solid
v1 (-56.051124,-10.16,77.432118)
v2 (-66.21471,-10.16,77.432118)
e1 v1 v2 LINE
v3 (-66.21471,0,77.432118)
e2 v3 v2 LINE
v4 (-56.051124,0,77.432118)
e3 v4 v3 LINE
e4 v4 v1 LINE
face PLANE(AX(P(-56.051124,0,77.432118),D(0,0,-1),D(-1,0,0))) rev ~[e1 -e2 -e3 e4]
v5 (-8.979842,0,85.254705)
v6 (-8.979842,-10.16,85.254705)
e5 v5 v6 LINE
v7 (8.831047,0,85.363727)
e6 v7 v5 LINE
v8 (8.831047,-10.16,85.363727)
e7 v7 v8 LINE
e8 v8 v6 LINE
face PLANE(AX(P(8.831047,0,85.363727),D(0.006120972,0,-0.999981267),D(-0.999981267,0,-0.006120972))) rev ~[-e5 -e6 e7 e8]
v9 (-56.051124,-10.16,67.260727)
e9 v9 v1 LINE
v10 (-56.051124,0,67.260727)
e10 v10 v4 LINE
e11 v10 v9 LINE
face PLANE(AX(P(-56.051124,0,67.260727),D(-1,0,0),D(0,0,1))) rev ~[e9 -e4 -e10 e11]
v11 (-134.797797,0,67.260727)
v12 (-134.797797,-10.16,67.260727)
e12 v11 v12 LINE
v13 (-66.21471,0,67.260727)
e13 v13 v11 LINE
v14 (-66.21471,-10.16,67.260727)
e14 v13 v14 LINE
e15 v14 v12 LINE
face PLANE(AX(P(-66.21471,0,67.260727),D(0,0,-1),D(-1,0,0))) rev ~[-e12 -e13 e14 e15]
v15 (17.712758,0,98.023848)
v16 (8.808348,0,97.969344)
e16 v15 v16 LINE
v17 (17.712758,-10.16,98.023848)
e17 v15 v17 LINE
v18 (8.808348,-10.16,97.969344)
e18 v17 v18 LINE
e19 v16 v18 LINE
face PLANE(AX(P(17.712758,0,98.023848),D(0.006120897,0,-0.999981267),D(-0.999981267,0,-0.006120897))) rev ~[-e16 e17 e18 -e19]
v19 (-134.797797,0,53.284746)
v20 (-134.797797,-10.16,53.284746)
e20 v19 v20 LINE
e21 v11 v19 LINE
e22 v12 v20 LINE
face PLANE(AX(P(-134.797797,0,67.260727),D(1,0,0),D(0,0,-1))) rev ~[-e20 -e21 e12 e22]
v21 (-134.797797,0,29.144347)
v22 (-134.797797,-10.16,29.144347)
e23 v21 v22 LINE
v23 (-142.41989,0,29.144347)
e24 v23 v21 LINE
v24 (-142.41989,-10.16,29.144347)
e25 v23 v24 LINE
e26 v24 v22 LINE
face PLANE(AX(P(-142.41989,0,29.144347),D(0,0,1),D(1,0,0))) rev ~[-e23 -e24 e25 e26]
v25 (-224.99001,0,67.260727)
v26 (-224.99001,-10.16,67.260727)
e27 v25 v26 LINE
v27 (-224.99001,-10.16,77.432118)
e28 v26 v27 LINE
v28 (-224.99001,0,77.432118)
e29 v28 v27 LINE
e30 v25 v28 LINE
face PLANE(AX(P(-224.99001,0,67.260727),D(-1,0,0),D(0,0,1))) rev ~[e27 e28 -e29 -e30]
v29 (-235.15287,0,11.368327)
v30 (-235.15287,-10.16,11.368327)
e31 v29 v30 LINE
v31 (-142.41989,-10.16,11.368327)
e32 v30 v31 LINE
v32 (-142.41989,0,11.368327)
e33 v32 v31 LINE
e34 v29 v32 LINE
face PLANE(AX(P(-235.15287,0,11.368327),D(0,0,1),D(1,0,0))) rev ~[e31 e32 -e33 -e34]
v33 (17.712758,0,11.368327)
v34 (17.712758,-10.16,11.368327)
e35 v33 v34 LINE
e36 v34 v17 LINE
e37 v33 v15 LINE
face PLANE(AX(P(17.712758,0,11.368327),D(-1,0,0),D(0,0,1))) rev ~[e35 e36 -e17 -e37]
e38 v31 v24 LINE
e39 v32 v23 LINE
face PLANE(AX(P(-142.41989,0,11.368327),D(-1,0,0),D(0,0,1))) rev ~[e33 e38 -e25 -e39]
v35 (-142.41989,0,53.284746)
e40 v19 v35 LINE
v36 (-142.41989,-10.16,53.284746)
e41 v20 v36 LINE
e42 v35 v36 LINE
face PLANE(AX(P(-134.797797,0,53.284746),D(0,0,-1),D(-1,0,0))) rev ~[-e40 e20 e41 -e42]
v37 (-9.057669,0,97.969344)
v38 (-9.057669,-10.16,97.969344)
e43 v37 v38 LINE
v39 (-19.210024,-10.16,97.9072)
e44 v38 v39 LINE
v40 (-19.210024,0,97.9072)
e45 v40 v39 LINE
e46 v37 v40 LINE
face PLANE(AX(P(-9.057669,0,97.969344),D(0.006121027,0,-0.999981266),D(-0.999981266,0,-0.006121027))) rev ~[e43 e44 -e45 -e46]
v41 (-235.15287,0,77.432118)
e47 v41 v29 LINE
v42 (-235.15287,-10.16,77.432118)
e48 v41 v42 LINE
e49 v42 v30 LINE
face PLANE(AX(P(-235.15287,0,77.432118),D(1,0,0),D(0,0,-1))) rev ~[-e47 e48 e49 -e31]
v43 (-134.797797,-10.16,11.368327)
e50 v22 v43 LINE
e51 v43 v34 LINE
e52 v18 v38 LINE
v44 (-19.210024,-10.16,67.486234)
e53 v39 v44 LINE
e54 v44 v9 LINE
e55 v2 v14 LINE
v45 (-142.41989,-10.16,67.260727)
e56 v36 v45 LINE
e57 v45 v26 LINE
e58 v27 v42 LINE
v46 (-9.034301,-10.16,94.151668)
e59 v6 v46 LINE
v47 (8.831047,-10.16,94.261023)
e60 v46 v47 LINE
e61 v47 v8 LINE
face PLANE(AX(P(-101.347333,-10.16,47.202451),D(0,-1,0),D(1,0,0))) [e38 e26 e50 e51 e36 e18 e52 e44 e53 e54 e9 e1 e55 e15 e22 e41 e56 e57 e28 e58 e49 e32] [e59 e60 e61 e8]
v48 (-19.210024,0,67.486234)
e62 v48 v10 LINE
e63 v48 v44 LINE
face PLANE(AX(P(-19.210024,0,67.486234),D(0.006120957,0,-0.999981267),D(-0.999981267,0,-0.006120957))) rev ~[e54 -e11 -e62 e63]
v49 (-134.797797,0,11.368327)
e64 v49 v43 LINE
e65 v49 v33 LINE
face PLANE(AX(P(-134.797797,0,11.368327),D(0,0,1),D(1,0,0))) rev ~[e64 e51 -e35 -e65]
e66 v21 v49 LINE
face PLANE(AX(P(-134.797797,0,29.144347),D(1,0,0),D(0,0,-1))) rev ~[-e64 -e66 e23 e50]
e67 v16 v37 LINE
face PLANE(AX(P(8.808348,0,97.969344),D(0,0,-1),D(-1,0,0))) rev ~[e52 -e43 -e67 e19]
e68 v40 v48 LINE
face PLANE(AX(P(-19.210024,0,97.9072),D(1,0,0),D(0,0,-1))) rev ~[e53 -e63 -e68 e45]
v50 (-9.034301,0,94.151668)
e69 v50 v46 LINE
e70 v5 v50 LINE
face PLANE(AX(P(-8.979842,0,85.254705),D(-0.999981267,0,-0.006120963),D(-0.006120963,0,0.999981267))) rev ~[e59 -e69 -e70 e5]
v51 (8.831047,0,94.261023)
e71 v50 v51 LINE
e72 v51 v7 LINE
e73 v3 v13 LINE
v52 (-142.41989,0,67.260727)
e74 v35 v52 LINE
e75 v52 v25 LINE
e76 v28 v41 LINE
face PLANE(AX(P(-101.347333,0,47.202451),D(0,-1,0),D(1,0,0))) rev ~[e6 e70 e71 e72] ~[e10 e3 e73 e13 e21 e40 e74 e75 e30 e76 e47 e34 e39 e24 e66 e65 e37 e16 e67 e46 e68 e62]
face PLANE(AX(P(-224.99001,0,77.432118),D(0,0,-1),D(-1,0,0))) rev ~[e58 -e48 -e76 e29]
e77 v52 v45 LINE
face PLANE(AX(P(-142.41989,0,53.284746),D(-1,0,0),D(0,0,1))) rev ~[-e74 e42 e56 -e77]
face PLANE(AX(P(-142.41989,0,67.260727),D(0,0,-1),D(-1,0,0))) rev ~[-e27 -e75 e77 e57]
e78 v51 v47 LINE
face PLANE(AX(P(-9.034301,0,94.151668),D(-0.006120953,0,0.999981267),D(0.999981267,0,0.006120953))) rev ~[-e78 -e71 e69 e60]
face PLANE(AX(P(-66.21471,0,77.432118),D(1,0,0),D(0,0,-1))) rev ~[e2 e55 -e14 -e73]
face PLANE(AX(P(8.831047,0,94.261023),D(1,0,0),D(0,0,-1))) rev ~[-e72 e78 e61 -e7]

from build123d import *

# Parameters (mm, degrees)
F1_DEPTH = 10.16


with BuildPart() as f1:
    # F0 (on Front) → F1 (new body)
    with BuildSketch(Plane.XZ):
        Polygon((-134.797797, 11.368327), (12.51955, 11.368327), (17.712758, 11.368327), (17.712758, 98.023848), (8.808348, 97.969344), (8.831047, 94.261023), (8.831047, 85.363727), (-8.979842, 85.254705), (-9.034301, 94.151668), (-9.057669, 97.969344), (-19.210024, 97.9072), (-19.210024, 67.486234), (-56.051124, 67.260727), (-56.051124, 77.432118), (-66.21471, 77.432118), (-66.21471, 67.260727), (-134.797797, 67.260727), (-134.797797, 53.284746), (-142.41989, 53.284746), (-142.41989, 67.260727), (-224.99001, 67.260727), (-224.99001, 77.432118), (-235.15287, 77.432118), (-235.15287, 11.368327), (-142.41989, 11.368327), (-142.41989, 29.144347), (-134.797797, 29.144347), align=None)
        Polygon((8.831047, 94.261023), (8.808348, 97.969344), (-9.057669, 97.969344), (-9.034301, 94.151668), align=None)
    extrude(amount=F1_DEPTH)


solid = f1.part
